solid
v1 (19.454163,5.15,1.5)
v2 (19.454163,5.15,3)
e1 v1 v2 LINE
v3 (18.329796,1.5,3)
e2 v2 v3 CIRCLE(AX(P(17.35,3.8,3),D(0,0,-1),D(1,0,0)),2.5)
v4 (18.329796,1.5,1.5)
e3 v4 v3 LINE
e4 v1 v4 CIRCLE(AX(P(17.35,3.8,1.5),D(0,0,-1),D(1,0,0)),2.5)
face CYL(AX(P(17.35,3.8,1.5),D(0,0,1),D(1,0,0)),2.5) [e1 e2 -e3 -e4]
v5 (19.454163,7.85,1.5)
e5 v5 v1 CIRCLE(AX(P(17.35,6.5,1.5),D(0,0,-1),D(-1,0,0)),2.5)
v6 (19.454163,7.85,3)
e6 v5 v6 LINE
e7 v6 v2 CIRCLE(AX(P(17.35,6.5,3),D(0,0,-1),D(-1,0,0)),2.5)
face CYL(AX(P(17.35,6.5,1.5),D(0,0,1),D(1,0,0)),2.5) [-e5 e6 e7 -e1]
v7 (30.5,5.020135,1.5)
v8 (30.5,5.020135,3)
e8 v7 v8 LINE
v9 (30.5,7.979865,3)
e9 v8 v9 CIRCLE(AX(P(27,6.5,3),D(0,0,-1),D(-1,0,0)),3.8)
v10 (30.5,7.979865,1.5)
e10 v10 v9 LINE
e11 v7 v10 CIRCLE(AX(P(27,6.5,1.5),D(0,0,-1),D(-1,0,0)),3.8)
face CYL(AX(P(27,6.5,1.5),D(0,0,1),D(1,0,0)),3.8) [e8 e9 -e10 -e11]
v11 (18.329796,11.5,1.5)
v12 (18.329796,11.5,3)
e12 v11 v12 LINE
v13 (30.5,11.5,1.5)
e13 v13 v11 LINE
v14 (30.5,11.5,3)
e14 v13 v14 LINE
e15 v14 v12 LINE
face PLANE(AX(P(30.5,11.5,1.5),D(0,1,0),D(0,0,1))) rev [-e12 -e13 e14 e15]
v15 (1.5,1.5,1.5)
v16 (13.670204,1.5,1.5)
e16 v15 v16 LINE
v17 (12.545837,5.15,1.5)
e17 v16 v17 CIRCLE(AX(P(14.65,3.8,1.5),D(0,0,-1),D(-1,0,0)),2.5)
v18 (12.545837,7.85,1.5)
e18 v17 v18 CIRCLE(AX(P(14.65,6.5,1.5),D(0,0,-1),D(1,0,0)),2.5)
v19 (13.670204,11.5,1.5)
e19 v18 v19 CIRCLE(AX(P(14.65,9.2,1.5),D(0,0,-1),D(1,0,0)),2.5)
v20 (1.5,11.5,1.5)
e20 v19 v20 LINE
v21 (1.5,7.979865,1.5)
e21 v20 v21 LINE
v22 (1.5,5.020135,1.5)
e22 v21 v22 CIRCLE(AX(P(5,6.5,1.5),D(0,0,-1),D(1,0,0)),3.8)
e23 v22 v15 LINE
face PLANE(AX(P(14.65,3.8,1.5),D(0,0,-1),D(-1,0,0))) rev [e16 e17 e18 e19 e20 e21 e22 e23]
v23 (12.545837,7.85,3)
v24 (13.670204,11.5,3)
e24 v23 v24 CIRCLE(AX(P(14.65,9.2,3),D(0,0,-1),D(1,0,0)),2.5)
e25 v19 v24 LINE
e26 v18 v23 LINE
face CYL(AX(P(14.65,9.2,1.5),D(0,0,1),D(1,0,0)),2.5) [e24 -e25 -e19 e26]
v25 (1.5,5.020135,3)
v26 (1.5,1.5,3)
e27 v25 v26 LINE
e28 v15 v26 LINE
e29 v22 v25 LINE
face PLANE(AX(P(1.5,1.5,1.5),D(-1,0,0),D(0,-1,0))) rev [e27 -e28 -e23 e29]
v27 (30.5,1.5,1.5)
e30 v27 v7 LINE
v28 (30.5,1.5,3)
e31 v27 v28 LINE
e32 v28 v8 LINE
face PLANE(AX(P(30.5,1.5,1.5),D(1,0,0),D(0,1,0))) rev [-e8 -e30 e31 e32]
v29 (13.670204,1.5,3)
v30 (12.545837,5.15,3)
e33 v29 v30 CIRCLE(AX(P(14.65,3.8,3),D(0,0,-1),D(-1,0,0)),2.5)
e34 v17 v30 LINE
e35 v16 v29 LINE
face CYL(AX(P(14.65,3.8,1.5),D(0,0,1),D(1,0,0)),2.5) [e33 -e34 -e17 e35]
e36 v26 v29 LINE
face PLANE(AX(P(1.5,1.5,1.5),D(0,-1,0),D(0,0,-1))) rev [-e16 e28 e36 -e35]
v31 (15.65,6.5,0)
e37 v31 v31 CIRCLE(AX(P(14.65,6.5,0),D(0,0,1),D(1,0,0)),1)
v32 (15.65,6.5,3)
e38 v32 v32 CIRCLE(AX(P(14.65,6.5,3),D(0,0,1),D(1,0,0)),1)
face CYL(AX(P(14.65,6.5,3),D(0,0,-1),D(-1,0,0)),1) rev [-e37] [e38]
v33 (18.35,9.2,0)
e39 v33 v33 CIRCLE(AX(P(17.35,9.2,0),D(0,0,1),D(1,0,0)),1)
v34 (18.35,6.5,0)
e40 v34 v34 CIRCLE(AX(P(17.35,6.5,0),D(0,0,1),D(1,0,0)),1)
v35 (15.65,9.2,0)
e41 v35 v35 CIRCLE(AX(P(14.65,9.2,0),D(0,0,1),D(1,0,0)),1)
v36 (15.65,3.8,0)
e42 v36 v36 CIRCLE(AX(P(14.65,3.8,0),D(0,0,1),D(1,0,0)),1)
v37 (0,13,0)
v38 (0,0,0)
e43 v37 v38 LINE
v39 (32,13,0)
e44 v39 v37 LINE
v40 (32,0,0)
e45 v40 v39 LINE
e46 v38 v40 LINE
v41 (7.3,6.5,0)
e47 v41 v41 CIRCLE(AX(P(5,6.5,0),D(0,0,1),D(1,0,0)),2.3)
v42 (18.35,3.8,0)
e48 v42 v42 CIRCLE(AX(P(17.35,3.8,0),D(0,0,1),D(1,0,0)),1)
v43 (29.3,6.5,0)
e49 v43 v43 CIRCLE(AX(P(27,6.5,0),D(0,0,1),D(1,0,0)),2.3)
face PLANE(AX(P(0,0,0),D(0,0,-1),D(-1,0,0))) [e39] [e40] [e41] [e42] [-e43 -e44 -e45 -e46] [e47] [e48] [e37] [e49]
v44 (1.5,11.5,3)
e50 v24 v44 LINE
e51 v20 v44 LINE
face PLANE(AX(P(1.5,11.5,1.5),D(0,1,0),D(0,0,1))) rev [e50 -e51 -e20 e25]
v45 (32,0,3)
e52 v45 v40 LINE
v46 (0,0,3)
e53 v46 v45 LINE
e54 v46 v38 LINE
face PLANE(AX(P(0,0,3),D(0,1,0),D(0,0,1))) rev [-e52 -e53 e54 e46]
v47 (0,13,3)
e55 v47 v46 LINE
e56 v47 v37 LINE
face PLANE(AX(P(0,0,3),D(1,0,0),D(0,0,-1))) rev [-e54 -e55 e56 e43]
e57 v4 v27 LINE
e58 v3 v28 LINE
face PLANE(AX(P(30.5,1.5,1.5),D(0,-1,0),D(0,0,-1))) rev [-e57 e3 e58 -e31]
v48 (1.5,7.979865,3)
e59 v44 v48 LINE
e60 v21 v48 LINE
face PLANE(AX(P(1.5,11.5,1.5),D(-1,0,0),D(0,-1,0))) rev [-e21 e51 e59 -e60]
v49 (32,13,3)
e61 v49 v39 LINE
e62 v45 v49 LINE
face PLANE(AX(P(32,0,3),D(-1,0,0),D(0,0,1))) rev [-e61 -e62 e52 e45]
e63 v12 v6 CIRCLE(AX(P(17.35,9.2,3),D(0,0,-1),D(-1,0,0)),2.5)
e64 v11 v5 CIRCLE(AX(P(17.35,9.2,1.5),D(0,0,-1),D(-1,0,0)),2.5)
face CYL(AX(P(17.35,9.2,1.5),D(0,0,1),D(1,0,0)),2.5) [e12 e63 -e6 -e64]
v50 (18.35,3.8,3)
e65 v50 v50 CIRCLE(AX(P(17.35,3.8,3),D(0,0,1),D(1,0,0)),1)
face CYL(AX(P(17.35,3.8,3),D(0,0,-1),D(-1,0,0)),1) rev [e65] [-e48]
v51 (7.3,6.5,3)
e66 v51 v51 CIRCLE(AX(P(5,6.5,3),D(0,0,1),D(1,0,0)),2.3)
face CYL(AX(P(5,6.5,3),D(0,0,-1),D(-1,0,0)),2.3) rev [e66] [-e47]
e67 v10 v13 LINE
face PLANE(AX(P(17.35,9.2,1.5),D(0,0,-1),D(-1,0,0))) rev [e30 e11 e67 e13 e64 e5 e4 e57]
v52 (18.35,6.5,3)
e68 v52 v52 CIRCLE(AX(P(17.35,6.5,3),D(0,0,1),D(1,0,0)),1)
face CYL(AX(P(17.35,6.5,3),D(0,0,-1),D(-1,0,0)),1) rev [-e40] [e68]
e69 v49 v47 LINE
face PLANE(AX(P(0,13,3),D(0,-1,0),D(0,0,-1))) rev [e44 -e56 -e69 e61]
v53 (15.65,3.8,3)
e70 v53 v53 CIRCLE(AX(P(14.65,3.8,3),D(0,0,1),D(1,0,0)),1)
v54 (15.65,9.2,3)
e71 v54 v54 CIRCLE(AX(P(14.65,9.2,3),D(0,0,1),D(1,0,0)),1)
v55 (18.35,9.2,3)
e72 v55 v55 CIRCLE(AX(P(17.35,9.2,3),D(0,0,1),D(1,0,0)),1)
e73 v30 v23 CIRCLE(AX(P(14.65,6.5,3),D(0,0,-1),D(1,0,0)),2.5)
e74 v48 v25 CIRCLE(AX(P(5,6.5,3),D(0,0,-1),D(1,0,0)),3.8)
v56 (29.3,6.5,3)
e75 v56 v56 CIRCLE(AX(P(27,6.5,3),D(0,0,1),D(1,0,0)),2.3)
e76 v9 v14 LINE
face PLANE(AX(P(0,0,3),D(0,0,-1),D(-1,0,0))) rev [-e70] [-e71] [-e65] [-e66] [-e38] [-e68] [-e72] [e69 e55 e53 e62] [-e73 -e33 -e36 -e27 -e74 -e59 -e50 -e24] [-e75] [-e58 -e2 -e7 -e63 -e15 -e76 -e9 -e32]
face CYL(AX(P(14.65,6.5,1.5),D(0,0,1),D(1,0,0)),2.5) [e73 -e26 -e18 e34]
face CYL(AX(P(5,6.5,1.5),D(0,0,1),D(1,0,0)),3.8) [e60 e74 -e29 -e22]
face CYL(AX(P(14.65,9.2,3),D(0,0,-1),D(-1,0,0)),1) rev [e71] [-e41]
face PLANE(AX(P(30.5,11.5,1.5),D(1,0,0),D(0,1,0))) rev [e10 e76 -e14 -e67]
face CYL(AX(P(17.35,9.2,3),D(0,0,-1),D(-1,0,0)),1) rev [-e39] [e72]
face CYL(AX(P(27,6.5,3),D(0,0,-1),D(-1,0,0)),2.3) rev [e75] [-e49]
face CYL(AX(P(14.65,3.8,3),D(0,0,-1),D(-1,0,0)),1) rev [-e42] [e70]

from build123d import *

# Parameters (mm, degrees)
ESQUISSE1_W             = 32
ESQUISSE1_H             = 13
ESQUISSE1_R             = 2.3
ESQUISSE1_R_2           = 1
BOSS_EXTRU_1_DEPTH      = 3
ENL_V_MAT_EXTRU_1_DEPTH = 1.5


with BuildPart() as part:
    # Esquisse1 → Boss.-Extru.1 (new body)
    with BuildSketch(Plane.XY):
        with Locations((16, 6.5)):
            Rectangle(ESQUISSE1_W, ESQUISSE1_H)
        with Locations((5, 6.5)):
            Circle(ESQUISSE1_R, mode=Mode.SUBTRACT)
        with Locations((27, 6.5)):
            Circle(ESQUISSE1_R, mode=Mode.SUBTRACT)
        with Locations((14.65, 9.2)):
            Circle(ESQUISSE1_R_2, mode=Mode.SUBTRACT)
        with Locations((17.35, 9.2)):
            Circle(ESQUISSE1_R_2, mode=Mode.SUBTRACT)
        with Locations((17.35, 6.5)):
            Circle(ESQUISSE1_R_2, mode=Mode.SUBTRACT)
        with Locations((14.65, 3.8)):
            Circle(ESQUISSE1_R_2, mode=Mode.SUBTRACT)
        with Locations((14.65, 6.5)):
            Circle(ESQUISSE1_R_2, mode=Mode.SUBTRACT)
        with Locations((17.35, 3.8)):
            Circle(ESQUISSE1_R_2, mode=Mode.SUBTRACT)
    extrude(amount=BOSS_EXTRU_1_DEPTH)

    # Esquisse2 → Enlèv. mat.-Extru.1 (cut)
    with BuildSketch(Plane.XY.offset(3)):
        with BuildLine():
            Line((1.5, 11.5), (13.670204103, 11.5))
            ThreePointArc((13.670204103, 11.5), (12.260789898, 9.935985793), (12.545837459, 7.85))
            ThreePointArc((12.545837459, 7.85), (12.15, 6.5), (12.545837459, 5.15))
            ThreePointArc((12.545837459, 5.15), (12.260789898, 3.064014207), (13.670204103, 1.5))
            Line((13.670204103, 1.5), (1.5, 1.5))
            Line((1.5, 1.5), (1.5, 5.020135141))
            ThreePointArc((1.5, 5.020135141), (8.8, 6.5), (1.5, 7.979864859))
            Line((1.5, 7.979864859), (1.5, 11.5))
        make_face()
        with BuildLine():
            Line((30.5, 1.5), (18.329795897, 1.5))
            ThreePointArc((18.329795897, 1.5), (19.739210102, 3.064014207), (19.454162541, 5.15))
            ThreePointArc((19.454162541, 5.15), (19.85, 6.5), (19.454162541, 7.85))
            ThreePointArc((19.454162541, 7.85), (19.739210102, 9.935985793), (18.329795897, 11.5))
            Line((18.329795897, 11.5), (30.5, 11.5))
            Line((30.5, 11.5), (30.5, 7.979864859))
            ThreePointArc((30.5, 7.979864859), (23.2, 6.5), (30.5, 5.020135141))
            Line((30.5, 5.020135141), (30.5, 1.5))
        make_face()
    extrude(amount=-ENL_V_MAT_EXTRU_1_DEPTH, mode=Mode.SUBTRACT)


solid = part.part
